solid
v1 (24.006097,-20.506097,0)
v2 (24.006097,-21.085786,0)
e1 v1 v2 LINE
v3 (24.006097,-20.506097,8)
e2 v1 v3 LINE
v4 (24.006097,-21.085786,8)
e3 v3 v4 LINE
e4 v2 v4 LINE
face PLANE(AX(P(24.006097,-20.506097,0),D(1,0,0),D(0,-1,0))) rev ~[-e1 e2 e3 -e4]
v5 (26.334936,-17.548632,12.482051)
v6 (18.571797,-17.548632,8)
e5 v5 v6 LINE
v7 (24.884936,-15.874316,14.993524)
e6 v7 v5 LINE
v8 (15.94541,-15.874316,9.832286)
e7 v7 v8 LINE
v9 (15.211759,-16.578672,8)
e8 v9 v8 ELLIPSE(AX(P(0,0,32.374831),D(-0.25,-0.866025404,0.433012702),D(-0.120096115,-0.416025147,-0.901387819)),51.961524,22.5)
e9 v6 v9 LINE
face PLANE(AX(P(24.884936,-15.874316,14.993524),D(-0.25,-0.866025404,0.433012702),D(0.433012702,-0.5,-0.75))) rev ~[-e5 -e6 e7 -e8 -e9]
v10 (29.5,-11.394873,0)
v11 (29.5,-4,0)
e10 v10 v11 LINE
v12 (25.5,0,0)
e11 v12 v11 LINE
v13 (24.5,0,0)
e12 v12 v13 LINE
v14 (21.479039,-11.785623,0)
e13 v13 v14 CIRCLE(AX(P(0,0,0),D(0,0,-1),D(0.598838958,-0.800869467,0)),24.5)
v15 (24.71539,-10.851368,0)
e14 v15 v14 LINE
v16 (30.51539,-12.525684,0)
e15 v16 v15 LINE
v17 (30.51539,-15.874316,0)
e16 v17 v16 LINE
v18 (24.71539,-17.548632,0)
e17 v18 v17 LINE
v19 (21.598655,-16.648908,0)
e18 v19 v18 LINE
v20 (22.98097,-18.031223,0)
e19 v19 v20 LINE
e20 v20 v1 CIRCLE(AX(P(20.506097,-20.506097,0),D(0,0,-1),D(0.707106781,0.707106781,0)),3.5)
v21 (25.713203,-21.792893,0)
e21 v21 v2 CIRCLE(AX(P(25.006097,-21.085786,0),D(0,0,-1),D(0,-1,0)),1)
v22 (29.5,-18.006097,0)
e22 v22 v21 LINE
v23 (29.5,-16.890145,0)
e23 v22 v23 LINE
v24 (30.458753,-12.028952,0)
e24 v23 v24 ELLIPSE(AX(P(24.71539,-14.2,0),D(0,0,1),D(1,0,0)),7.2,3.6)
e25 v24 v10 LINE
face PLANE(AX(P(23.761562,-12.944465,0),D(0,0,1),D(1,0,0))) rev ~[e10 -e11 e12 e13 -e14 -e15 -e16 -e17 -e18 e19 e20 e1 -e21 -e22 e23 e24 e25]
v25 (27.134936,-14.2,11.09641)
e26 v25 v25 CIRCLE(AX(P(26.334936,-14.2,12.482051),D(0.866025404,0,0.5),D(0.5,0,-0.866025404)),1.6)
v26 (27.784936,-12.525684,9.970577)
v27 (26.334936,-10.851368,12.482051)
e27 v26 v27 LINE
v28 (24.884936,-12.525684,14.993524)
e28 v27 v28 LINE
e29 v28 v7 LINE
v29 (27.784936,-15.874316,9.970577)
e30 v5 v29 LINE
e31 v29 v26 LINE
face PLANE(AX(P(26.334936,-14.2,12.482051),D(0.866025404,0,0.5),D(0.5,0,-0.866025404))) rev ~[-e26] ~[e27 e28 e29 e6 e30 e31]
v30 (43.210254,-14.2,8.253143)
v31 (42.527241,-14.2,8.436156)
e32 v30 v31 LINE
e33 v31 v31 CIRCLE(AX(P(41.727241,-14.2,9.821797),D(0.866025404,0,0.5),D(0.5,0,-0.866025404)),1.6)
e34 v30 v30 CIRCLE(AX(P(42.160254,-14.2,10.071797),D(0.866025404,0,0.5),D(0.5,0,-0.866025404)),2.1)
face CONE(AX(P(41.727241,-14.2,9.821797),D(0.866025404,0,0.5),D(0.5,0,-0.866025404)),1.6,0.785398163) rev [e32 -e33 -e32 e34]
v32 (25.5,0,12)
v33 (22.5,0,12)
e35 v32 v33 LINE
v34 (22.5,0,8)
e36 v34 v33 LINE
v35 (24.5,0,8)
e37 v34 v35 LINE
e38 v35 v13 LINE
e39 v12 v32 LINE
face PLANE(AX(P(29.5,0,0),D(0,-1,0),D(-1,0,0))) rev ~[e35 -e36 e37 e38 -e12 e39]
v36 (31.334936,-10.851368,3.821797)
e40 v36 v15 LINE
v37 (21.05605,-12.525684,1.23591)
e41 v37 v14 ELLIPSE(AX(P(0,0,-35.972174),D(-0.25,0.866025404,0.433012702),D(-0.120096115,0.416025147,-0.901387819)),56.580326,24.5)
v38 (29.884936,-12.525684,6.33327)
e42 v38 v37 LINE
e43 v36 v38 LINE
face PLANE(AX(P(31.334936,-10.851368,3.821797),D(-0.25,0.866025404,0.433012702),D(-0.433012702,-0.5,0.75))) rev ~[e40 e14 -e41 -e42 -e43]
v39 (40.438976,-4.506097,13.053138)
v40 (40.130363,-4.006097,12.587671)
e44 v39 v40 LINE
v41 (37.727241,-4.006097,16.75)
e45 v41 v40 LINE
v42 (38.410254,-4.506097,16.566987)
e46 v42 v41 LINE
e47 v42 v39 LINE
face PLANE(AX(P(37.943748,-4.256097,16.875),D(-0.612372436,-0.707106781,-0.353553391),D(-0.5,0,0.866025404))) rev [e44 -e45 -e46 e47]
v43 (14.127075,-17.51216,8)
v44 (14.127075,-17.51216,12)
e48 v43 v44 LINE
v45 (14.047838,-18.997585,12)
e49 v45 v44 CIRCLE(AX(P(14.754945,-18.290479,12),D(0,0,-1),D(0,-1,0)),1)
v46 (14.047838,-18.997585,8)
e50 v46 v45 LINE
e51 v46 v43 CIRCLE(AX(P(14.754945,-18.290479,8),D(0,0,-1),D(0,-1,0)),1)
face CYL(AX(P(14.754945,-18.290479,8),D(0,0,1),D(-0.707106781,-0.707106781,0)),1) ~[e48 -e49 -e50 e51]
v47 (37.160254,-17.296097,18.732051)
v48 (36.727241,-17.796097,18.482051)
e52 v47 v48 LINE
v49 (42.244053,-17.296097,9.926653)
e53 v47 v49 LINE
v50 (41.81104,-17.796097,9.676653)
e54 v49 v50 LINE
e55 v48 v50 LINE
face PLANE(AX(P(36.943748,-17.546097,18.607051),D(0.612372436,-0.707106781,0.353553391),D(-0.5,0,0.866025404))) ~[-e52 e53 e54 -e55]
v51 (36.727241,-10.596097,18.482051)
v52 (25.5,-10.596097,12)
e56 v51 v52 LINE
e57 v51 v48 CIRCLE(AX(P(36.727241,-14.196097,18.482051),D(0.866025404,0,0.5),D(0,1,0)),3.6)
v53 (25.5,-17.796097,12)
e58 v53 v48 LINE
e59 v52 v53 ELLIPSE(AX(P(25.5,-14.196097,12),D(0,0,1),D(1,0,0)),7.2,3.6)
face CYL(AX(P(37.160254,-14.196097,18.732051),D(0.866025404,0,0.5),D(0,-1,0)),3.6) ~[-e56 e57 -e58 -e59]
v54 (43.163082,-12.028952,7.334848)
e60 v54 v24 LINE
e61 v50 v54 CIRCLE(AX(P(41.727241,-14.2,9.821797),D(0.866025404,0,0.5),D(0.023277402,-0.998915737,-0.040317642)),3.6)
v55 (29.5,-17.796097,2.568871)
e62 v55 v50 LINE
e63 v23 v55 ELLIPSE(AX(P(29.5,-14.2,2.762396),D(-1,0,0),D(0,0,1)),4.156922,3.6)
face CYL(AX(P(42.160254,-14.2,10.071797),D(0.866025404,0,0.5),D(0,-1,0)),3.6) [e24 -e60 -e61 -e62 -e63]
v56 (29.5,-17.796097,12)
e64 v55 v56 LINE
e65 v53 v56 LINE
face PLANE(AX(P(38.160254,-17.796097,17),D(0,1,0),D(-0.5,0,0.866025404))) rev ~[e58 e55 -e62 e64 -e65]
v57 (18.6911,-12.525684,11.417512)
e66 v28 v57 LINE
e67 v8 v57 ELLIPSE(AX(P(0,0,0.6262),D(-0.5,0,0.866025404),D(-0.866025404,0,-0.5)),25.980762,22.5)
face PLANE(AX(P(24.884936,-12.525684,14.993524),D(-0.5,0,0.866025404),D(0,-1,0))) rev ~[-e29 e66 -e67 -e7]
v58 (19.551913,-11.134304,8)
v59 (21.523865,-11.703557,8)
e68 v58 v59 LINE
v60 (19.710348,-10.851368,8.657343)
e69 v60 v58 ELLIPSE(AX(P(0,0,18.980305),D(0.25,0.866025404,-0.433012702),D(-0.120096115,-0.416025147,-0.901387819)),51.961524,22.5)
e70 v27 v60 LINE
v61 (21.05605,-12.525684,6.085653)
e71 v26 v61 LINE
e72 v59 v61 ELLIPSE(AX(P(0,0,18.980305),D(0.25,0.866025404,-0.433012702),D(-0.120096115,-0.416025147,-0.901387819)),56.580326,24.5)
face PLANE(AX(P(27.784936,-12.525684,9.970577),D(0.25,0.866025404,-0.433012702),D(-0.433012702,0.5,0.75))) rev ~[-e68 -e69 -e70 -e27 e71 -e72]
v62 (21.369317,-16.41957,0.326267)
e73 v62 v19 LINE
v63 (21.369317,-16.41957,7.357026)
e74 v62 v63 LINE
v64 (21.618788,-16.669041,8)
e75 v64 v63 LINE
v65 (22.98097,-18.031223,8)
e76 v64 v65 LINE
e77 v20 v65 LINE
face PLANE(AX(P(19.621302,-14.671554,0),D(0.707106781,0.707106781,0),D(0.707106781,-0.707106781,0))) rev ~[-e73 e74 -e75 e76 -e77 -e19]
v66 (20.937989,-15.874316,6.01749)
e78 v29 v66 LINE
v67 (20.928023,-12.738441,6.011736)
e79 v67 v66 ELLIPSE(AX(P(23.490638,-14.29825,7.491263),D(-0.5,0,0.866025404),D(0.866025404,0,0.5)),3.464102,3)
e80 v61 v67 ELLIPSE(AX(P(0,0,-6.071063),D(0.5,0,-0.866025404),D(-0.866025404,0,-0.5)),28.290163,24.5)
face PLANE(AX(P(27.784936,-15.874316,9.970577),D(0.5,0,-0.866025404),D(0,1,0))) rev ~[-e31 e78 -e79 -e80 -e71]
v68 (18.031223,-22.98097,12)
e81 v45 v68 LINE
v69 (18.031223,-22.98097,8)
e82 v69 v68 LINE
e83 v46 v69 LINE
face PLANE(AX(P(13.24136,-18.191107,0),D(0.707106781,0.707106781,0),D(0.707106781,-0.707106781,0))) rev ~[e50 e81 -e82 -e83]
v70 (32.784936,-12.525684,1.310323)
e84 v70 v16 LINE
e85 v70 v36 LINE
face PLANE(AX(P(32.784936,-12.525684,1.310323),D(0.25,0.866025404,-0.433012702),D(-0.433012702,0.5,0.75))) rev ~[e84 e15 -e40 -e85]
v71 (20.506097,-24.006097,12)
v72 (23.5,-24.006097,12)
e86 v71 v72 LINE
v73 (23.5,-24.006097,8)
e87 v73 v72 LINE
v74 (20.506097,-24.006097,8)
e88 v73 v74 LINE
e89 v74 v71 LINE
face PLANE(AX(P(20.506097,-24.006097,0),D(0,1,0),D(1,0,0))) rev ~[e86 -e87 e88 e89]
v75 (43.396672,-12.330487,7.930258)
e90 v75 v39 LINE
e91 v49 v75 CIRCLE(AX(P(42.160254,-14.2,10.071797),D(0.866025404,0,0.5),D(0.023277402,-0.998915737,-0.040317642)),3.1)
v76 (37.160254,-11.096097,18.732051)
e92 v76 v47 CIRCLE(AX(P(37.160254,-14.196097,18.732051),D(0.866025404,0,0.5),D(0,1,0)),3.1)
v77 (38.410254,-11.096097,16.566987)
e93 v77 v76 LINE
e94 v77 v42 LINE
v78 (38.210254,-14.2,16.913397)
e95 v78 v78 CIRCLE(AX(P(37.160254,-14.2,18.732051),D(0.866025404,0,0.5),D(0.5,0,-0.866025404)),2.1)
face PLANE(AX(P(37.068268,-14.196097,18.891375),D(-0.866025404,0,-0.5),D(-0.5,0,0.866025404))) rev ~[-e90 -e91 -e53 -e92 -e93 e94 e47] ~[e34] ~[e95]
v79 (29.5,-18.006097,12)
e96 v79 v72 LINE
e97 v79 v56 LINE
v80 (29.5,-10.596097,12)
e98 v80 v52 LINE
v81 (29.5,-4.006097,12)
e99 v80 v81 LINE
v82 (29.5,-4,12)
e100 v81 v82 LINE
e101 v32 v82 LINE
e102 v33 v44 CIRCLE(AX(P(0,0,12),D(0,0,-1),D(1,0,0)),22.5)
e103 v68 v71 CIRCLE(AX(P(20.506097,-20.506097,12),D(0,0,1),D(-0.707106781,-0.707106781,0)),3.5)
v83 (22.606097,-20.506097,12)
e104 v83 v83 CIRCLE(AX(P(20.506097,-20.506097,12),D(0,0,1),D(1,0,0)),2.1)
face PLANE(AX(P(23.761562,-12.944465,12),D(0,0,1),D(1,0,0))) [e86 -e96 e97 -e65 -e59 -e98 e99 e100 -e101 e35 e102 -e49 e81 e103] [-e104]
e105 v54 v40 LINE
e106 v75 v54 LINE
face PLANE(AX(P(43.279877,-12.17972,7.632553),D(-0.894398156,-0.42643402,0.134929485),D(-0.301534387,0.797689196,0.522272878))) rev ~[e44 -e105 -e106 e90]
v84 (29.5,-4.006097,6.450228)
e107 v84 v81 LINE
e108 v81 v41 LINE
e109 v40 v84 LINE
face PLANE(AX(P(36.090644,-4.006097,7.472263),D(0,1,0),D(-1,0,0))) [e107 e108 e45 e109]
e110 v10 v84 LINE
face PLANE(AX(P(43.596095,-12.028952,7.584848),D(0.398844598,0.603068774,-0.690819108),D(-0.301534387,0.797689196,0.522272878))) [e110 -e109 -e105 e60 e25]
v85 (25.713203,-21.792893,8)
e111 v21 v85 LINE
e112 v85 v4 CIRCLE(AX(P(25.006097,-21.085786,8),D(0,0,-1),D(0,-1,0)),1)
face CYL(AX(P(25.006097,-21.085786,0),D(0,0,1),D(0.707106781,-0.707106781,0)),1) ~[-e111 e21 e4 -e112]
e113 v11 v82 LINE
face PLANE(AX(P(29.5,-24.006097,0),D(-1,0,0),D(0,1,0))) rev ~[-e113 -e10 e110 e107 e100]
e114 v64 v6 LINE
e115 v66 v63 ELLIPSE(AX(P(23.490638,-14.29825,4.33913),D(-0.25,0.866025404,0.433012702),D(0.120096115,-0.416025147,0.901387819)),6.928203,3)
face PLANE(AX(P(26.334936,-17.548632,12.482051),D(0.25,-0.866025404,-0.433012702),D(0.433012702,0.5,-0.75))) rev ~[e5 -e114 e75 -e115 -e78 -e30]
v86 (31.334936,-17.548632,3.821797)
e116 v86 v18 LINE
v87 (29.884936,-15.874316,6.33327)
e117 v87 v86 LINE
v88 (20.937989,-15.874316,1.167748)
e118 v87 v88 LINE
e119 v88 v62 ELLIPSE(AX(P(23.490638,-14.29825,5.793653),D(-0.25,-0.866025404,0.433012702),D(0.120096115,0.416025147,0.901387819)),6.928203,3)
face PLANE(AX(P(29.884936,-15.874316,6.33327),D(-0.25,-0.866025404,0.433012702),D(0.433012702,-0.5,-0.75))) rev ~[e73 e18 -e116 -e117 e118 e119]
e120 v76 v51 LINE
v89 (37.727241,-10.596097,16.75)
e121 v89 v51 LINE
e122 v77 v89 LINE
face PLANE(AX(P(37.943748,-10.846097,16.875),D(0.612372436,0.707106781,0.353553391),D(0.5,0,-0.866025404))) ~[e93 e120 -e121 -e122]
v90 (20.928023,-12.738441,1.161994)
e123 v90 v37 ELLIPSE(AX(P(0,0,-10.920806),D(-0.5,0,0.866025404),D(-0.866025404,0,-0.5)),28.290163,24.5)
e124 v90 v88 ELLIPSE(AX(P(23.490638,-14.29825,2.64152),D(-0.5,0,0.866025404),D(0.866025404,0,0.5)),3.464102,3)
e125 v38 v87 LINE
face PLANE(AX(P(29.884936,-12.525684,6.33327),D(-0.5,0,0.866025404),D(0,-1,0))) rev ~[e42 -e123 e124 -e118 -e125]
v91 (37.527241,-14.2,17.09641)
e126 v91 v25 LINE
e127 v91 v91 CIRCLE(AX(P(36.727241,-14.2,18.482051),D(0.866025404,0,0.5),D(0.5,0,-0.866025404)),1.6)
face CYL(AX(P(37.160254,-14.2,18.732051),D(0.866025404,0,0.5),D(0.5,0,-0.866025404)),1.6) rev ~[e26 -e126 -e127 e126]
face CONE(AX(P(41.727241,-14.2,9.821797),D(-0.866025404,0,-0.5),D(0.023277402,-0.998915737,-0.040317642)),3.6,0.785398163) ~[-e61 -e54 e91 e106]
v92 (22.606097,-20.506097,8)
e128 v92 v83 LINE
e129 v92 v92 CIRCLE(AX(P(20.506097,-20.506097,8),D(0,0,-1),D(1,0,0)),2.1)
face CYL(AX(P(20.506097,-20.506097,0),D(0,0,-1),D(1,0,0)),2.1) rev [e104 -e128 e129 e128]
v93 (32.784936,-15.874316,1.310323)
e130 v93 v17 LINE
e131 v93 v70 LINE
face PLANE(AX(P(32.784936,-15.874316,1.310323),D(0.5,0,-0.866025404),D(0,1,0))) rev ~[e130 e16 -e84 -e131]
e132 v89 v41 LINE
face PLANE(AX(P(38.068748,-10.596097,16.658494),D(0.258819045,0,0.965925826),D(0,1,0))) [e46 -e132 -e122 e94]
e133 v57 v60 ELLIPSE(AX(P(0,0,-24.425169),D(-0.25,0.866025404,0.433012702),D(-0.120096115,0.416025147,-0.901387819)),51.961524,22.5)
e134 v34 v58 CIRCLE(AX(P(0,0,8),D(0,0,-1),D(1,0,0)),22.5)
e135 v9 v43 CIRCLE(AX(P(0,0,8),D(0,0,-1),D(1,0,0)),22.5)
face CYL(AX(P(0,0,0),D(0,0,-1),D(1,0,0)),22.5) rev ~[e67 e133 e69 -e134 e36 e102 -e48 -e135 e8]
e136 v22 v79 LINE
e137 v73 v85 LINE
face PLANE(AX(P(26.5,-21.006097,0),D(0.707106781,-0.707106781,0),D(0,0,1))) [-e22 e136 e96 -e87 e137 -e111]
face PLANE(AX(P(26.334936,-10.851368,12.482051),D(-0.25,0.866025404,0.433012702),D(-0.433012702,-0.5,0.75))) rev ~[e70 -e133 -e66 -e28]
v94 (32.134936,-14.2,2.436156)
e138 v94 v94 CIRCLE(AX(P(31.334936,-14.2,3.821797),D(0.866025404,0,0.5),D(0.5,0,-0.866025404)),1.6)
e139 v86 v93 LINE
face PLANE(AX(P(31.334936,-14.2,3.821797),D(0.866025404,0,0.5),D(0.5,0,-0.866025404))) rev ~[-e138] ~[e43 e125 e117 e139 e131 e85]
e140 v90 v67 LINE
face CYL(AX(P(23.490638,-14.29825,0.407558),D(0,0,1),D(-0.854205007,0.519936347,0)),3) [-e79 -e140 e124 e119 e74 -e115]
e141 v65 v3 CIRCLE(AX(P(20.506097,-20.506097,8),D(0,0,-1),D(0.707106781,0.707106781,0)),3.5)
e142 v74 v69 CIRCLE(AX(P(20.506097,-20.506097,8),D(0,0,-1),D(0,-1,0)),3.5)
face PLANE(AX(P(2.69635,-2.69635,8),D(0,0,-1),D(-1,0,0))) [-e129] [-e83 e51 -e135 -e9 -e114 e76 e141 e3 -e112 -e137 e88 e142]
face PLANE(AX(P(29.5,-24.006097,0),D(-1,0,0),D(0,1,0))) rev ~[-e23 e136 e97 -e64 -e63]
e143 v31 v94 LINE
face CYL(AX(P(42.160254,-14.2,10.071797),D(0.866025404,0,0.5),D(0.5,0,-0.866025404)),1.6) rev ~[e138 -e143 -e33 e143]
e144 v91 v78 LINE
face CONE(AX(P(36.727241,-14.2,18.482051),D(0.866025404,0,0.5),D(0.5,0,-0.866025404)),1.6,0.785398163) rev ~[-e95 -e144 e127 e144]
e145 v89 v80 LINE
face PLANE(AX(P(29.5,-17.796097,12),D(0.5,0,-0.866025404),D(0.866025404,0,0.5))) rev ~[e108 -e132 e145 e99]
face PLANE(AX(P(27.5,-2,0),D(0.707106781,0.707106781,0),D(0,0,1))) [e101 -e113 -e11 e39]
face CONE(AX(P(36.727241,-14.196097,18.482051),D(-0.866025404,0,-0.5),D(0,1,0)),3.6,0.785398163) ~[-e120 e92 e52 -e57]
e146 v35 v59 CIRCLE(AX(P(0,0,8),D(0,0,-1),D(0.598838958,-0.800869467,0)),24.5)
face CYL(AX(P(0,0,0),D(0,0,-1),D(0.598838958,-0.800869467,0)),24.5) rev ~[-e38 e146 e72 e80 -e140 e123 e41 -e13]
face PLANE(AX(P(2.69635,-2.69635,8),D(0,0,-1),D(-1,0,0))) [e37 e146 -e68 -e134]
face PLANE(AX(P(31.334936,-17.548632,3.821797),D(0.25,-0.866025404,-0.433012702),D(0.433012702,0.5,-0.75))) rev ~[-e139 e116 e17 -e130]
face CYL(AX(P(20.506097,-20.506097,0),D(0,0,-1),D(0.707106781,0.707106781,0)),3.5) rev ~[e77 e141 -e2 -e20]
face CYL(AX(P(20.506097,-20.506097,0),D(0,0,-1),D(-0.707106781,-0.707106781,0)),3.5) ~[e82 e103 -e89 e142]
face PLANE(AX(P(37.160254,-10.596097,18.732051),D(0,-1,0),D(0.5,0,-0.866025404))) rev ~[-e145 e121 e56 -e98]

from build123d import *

# Parameters (mm, degrees)
SKETCH1_R           = 2.100000000000001
BOSS_EXTRUDE1_DEPTH = 12
BOSS_EXTRUDE2_START = -6.21
BOSS_EXTRUDE2_DEPTH = 13.79
CUT_EXTRUDE1_DEPTH  = 8
BOSS_EXTRUDE3_REACH = 41.051
SKETCH4_R           = 1.6
SKETCH4_R_2         = 1.6000000000000019
CUT_EXTRUDE2_DEPTH  = 40.05068839257359
CHAMFER2_SIZE       = 4
CUT_EXTRUDE3_REACH  = 41.051
CHAMFER3_SIZE       = 6
CUT_EXTRUDE4_START  = -12.5
CUT_EXTRUDE4_DEPTH  = 27.550688504002913
FILLET1_R           = 1
CHAMFER4_SIZE       = 0.5
FILLET2_R           = 3


with BuildPart() as part:
    # Sketch1 → Boss-Extrude1 (new body)
    with BuildSketch(Plane.XY):
        with BuildLine():
            Line((13.241359911348773, -18.191107379654646), (18.031222920256923, -22.980970388562806))
            ThreePointArc((18.031222920256923, -22.980970388562806), (19.166704641132032, -23.73967501819941), (20.50609665440986, -24.006096654409898))
            Line((20.50609665440986, -24.006096654409898), (29.499999999999993, -24.006096654409898))
            Line((29.499999999999993, -24.006096654409898), (29.499999999999993, 3.7e-16))
            Line((29.499999999999993, 3.7e-16), (22.500000000000007, 1.32e-15))
            ThreePointArc((22.500000000000007, 1.32e-15), (20.052189381777588, -10.205866009179541), (13.241359911348773, -18.191107379654646))
        make_face()
        with Locations((20.506096654409866, -20.5060966544099)):
            Circle(SKETCH1_R, mode=Mode.SUBTRACT)
    extrude(amount=BOSS_EXTRUDE1_DEPTH)

    # Sketch2 → Boss-Extrude2 (add)
    with BuildSketch(Plane.XZ.offset(24.006096654409898).offset(BOSS_EXTRUDE2_START)):
        Polygon((36.42820323027541, 1.1e-16), (29.499999999999993, 0), (29.499999999999993, 12), (38.1602540378444, 16.99999999999995), (45.08845726811982, 4.999999999999951), align=None)
    extrude(amount=-BOSS_EXTRUDE2_DEPTH)

    # Sketch3 → Cut-Extrude1 (cut)
    with BuildSketch(Plane(origin=(0, 0, 0), x_dir=(-1, 0, 0), z_dir=(0, 0, -1))):
        with BuildLine():
            Line((-18.031222920256923, -22.980970388562806), (-14.671554465329313, -19.621301933635188))
            ThreePointArc((-14.671554465329313, -19.621301933635188), (17.324116139070405, 17.324116139070437), (-19.621301933635156, -14.671554465329354))
            Line((-19.621301933635156, -14.671554465329354), (-22.98097038856278, -18.031222920256983))
            ThreePointArc((-22.98097038856278, -18.031222920256983), (-23.739675018199375, -19.1667046411321), (-24.00609665440987, -20.506096654409927))
            Line((-24.00609665440987, -20.506096654409927), (-24.00609665440987, -24.0060966544099))
            Line((-24.00609665440987, -24.0060966544099), (-20.50609665440986, -24.006096654409905))
            ThreePointArc((-20.50609665440986, -24.006096654409905), (-19.166704641132036, -23.739675018199403), (-18.031222920256923, -22.980970388562806))
        make_face()
    extrude(amount=-CUT_EXTRUDE1_DEPTH, mode=Mode.SUBTRACT)

    # Boss-Extrude3: up to this plane
    boss_extrude3_end = Plane(origin=(0, 0, 12), z_dir=(0, 0, 1))
    # Sketch5 → Boss-Extrude3 (add, up to the surface)
    with BuildSketch(Plane(origin=(35.98140646055117, 0, 20.77387470582027), x_dir=(0.4999999999999946, 0, -0.8660254037844417), z_dir=(0.8660254037844417, 0, 0.4999999999999946)), mode=Mode.PRIVATE) as boss_extrude3_sk1:
        with BuildLine():
            Line((2.357695154586543, -10.5960966544099), (4.357695154586543, -10.5960966544099))
            Line((4.357695154586543, -10.5960966544099), (4.357695154586545, -17.796096654409897))
            Line((4.357695154586545, -17.796096654409897), (2.3576951545865437, -17.796096654409897))
            ThreePointArc((2.3576951545865437, -17.796096654409897), (-1.2423048454134564, -14.1960966544099), (2.357695154586543, -10.5960966544099))
        make_face()
    boss_extrude3_tool1 = split(extrude(boss_extrude3_sk1.sketch, amount=-BOSS_EXTRUDE3_REACH, mode=Mode.PRIVATE), bisect_by=boss_extrude3_end, keep=Keep.BOTH, mode=Mode.PRIVATE)
    add(boss_extrude3_tool1.solids().sort_by_distance((36.919961, -14.196097, 19.148251))[0])

    # Sketch4 → Cut-Extrude2 (cut, through all)
    with BuildSketch(Plane(origin=(35.98140646055118, 0, 20.773874705820273), x_dir=(0.49999999999999495, 0, -0.8660254037844417), z_dir=(0.8660254037844417, 0, 0.49999999999999495))):
        with Locations((2.357695154586536, -14.2)):
            Circle(SKETCH4_R)
        with Locations((12.357695154586537, -14.2)):
            Circle(SKETCH4_R_2)
    extrude(amount=-CUT_EXTRUDE2_DEPTH, mode=Mode.SUBTRACT)

    # Chamfer2
    chamfer2_edges = [part.edges().sort_by_distance(p)[0] for p in [
        (29.499999999999993, 3.7e-16, 6),
    ]]
    chamfer(chamfer2_edges, length=CHAMFER2_SIZE)

    # Cut-Extrude3: up to this plane
    cut_extrude3_end = Plane(origin=(29.499999999999993, -24.006096654409898, 12), z_dir=(-1, 0, 0))
    # Sketch7 → Cut-Extrude3 (cut, up to the surface)
    with BuildSketch(Plane(origin=(35.98140646055117, 0, 20.77387470582027), x_dir=(0.4999999999999946, 0, -0.8660254037844417), z_dir=(0.8660254037844417, 0, 0.4999999999999946)), mode=Mode.PRIVATE) as cut_extrude3_sk1:
        with BuildLine():
            Line((15.22937626137959, -12.028952413951306), (9.16393898536506, -4.0060966544099))
            Line((9.16393898536506, -4.0060966544099), (22.041886428240783, -4.0060966544099))
            Line((22.041886428240783, -4.0060966544099), (22.041886428240783, -24.0060966544099))
            Line((22.041886428240783, -24.0060966544099), (2.357695154586543, -24.006096654409905))
            Line((2.357695154586543, -24.006096654409905), (2.357695154586542, -17.796096654409897))
            Line((2.357695154586542, -17.796096654409897), (12.357695154586544, -17.8))
            ThreePointArc((12.357695154586544, -17.8), (15.580719457145811, -15.803781264734175), (15.22937626137959, -12.028952413951306))
        make_face()
    cut_extrude3_tool1 = split(extrude(cut_extrude3_sk1.sketch, amount=-CUT_EXTRUDE3_REACH, mode=Mode.PRIVATE), bisect_by=cut_extrude3_end, keep=Keep.BOTH, mode=Mode.PRIVATE)
    add(cut_extrude3_tool1.solids().sort_by_distance((42.191658, -7.848292, 10.017403))[0], mode=Mode.SUBTRACT)

    # Chamfer3
    chamfer3_edges = [part.edges().sort_by_distance(p)[0] for p in [
        (29.499999999999993, -24.006096654409898, 6),
    ]]
    chamfer(chamfer3_edges, length=CHAMFER3_SIZE)

    # Sketch8 → Cut-Extrude4 (cut, through all)
    with BuildSketch(Plane(origin=(35.98140646055117, 0, 20.77387470582027), x_dir=(0.4999999999999946, 0, -0.8660254037844417), z_dir=(0.8660254037844417, 0, 0.4999999999999946)).offset(CUT_EXTRUDE4_START)):
        Polygon((5.257695154586542, -15.874315780649912), (5.257695154586541, -12.525684219350083), (2.3576951545865397, -10.85136843870017), (-0.5423048454134567, -12.525684219350083), (-0.5423048454134562, -15.874315780649912), (2.3576951545865446, -17.54863156129983), align=None)
        Polygon((9.457695154586544, -12.525684219350088), (9.457695154586544, -15.874315780649908), (12.35769515458654, -17.54863156129982), (15.257695154586537, -15.874315780649905), (15.257695154586537, -12.525684219350087), (12.357695154586539, -10.851368438700176), align=None)
    extrude(amount=-CUT_EXTRUDE4_DEPTH, mode=Mode.SUBTRACT)

    # Fillet1
    fillet1_edges = [part.edges().sort_by_distance(p)[0] for p in [
        (13.241359911348777, -18.191107379654646, 10),
        (24.00609665440987, -23.50000000000002, 4),
    ]]
    fillet(fillet1_edges, radius=FILLET1_R)

    # Chamfer4
    chamfer4_edges = [part.edges().sort_by_distance(p)[0] for p in [
        (36.36025403784444, -14.2, 20.11769145362395),
        (41.36025403784439, -14.2, 11.457437415779536),
        (39.70215336073716, -17.796096654409897, 14.329352032593636),
        (35.36025403784445, -14.1960966544099, 21.849742261192826),
        (37.660254037844425, -10.5960966544099, 17.866025403784395),
        (38.1602540378444, -7.3010966544099, 16.99999999999995),
        (39.36181499553902, -4.006096654409898, 14.918835372881723),
        (42.079735272237265, -8.017524534180602, 10.211259362718662),
        (43.790000296334796, -15.728302500078335, 7.2489934465736905),
    ]]
    chamfer(chamfer4_edges, length=CHAMFER4_SIZE)

    # Fillet2
    fillet2_edges = [part.edges().sort_by_distance(p)[0] for p in [
        (19.621301933635156, -14.671554465329354, 2.8324293970035703),
    ]]
    fillet(fillet2_edges, radius=FILLET2_R)


solid = part.part
